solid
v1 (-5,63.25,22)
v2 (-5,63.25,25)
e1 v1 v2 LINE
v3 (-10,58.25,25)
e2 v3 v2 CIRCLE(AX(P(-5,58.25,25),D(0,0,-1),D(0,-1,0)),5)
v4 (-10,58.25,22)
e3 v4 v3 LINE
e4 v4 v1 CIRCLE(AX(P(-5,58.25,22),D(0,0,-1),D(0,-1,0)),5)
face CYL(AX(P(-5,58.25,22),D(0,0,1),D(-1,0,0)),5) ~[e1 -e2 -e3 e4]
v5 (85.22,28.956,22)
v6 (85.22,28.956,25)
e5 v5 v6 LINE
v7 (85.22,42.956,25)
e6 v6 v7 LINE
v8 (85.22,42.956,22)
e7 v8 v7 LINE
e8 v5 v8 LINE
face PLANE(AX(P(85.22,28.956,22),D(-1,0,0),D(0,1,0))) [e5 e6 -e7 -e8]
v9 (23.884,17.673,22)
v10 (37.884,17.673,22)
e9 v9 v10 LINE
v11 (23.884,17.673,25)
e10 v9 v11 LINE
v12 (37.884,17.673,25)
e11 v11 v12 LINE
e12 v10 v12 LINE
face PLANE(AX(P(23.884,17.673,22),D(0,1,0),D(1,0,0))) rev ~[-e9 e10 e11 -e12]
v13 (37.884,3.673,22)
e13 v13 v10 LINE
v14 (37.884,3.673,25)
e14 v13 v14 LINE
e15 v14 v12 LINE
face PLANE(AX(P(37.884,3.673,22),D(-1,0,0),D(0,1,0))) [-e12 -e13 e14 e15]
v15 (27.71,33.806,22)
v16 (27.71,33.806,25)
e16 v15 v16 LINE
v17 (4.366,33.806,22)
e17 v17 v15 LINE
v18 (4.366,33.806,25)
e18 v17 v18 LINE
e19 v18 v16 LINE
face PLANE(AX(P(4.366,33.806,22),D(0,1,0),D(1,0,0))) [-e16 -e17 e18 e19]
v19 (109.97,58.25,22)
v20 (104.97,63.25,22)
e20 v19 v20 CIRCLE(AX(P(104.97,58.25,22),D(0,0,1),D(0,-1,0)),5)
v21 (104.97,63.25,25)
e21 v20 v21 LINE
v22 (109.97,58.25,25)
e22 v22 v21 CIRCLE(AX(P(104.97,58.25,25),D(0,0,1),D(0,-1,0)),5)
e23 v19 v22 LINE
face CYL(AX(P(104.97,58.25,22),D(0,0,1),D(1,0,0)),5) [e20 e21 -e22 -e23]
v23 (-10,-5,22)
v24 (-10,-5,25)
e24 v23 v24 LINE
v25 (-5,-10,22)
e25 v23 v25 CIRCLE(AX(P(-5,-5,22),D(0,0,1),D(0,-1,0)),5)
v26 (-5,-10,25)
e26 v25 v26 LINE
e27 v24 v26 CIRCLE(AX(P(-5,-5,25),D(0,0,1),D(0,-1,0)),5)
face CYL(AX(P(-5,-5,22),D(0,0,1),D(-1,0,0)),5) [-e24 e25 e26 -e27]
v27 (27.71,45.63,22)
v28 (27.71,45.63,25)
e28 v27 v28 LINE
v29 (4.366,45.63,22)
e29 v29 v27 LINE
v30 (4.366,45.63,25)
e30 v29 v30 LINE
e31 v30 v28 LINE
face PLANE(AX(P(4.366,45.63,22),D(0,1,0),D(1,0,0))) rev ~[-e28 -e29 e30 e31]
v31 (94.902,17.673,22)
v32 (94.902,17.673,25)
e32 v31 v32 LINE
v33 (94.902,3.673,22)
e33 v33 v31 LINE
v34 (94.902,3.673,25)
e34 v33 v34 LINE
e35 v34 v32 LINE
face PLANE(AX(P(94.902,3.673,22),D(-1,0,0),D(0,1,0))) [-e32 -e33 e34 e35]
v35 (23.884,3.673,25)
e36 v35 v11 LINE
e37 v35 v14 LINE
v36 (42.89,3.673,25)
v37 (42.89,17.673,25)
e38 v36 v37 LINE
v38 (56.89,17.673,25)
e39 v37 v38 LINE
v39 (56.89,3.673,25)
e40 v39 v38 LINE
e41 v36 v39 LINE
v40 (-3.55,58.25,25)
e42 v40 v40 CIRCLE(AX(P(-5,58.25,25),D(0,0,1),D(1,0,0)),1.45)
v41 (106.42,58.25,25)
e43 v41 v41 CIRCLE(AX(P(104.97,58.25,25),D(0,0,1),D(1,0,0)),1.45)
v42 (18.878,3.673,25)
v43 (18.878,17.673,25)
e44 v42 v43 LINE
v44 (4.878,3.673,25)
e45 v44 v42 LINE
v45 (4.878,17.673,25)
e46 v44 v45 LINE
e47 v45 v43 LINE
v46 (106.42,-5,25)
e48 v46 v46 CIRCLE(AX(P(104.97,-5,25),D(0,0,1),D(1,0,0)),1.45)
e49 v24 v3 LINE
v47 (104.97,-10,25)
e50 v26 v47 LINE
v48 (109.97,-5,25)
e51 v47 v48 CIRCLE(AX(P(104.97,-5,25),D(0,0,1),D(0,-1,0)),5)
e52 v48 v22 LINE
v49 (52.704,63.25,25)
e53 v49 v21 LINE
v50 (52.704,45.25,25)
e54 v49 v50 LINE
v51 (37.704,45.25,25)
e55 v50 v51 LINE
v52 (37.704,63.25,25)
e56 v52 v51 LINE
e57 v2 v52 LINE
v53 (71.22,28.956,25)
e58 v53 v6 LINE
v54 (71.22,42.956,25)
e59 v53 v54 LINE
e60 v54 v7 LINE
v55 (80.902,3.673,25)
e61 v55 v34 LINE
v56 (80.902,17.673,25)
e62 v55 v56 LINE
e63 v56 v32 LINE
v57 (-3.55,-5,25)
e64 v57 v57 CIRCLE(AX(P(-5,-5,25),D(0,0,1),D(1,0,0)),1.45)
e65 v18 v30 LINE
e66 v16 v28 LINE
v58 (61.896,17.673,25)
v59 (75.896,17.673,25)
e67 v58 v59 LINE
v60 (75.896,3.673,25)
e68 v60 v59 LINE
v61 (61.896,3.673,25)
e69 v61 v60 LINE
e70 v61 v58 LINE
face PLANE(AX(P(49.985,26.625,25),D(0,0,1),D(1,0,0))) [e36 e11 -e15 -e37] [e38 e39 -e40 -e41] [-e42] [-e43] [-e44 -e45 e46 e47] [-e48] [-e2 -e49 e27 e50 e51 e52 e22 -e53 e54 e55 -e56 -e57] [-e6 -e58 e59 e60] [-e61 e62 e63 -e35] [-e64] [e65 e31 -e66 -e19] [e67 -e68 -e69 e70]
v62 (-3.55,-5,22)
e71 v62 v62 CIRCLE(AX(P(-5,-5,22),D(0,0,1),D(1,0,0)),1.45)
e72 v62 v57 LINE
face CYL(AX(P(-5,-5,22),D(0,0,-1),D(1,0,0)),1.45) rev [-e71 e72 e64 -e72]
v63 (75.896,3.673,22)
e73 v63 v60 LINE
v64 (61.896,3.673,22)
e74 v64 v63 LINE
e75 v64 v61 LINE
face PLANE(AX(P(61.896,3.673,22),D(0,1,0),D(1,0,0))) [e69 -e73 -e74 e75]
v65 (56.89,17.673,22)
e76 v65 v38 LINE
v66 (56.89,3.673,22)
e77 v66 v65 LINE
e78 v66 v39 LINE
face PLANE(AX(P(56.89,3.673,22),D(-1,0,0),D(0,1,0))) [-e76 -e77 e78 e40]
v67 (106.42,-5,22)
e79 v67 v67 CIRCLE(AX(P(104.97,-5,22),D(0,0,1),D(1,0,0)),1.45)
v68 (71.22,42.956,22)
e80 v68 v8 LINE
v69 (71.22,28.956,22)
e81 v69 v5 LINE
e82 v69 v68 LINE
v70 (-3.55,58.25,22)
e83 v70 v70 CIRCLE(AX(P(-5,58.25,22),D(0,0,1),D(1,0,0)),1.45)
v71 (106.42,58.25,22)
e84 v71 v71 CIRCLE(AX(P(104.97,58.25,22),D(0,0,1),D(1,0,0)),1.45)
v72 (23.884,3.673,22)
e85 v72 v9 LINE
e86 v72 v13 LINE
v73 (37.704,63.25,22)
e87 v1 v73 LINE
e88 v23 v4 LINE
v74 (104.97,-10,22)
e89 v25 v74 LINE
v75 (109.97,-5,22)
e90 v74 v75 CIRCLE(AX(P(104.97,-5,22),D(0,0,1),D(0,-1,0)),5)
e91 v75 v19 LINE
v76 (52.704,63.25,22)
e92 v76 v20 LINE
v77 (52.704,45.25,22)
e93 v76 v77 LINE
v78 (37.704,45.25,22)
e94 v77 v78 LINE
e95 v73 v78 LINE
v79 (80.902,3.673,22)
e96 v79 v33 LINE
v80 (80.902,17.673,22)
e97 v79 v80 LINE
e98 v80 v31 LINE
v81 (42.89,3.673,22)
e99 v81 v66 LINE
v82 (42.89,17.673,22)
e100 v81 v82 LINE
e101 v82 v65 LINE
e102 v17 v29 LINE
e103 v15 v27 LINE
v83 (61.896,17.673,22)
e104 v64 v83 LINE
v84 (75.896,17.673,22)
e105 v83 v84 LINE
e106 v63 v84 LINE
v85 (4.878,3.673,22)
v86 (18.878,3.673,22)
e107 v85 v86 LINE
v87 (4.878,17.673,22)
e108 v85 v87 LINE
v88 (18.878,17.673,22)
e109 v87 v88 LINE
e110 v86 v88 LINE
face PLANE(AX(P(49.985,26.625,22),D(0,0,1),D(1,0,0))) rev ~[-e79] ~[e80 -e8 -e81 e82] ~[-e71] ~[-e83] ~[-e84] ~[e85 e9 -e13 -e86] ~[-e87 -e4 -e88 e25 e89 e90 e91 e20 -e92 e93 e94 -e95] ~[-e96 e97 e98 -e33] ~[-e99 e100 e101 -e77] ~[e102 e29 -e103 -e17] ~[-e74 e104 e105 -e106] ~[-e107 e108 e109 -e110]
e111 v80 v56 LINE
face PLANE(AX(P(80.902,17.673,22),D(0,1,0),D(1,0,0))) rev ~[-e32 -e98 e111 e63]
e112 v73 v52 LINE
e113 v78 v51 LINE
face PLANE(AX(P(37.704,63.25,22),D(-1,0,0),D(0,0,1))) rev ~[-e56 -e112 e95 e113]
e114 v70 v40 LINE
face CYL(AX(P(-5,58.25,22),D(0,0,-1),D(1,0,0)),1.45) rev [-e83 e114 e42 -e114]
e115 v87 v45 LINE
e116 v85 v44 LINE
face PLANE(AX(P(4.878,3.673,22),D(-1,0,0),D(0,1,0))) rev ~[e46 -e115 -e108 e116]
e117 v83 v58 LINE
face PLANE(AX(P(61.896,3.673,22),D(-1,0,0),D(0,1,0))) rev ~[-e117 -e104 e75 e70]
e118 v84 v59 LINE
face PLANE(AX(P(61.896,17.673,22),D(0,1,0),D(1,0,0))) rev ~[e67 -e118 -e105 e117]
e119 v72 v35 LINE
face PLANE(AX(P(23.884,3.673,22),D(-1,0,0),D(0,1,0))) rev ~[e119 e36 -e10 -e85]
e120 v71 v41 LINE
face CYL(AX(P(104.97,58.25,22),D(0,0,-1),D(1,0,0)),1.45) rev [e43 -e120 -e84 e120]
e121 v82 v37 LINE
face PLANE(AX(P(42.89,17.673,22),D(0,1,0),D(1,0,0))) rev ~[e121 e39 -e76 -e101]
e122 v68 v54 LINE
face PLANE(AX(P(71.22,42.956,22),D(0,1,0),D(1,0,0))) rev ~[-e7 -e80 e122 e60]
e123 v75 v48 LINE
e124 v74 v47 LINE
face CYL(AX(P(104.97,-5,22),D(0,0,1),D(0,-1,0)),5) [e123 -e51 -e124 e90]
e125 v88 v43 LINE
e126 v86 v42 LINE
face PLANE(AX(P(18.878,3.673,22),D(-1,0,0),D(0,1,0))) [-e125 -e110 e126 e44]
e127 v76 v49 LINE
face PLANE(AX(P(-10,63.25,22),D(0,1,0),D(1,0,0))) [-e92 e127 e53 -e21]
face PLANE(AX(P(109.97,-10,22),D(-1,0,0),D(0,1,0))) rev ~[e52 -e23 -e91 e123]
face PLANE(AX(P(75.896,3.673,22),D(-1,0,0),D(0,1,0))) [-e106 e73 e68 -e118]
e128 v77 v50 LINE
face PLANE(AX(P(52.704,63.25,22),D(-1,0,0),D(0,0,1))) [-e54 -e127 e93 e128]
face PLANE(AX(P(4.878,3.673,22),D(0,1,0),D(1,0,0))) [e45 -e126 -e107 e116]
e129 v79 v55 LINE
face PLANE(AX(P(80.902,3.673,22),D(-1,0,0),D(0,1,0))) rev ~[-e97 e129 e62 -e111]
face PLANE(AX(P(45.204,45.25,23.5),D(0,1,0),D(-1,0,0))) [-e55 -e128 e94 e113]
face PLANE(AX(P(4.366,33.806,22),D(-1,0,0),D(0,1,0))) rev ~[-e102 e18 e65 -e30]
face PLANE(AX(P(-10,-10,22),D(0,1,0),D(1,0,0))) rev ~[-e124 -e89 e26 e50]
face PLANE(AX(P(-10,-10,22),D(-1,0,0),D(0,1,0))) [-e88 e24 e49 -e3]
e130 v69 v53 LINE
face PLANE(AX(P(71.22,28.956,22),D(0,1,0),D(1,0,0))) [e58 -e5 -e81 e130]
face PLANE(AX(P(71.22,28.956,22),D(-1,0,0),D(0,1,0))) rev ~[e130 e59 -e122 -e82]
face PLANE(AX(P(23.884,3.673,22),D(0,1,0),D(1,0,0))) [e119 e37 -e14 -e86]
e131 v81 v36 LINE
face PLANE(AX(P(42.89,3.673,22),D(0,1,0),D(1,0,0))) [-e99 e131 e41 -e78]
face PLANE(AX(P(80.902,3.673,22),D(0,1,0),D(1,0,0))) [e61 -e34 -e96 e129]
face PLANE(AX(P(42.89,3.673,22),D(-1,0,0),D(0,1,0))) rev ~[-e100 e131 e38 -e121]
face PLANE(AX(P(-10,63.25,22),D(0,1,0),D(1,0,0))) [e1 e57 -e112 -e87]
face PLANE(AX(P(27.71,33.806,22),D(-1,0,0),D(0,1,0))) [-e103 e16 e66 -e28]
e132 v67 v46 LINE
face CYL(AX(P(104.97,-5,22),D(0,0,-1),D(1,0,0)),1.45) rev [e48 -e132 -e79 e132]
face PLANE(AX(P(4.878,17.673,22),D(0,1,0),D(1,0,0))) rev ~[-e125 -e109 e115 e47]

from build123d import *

# Parameters (mm, degrees)
SKETCH003_W      = 15
SKETCH003_H      = 3
EXTRUDE003_DEPTH = 18
SKETCH002_W      = 119.97
SKETCH002_H      = 73.25
SKETCH002_R      = 1.45
SKETCH002_W_2    = 14
SKETCH002_H_2    = 14
SKETCH002_W_3    = 23.344
SKETCH002_H_3    = 11.824
EXTRUDE002_DEPTH = 3
FILLET001_R      = 5


with BuildPart() as extrude003:
    # Sketch003 (on Face4 of Extrude002) → Extrude003 (new body)
    with BuildSketch(Plane(origin=(0, 63.25, 0), x_dir=(-1, 0, 0), z_dir=(0, 1, 0))):
        with Locations((-45.204, 23.5)):
            Rectangle(SKETCH003_W, SKETCH003_H)
    extrude(amount=-EXTRUDE003_DEPTH)


with BuildPart() as fillet001:
    # Sketch002 (on Face14 of Extrude001) → Extrude002 (new body)
    with BuildSketch(Plane.XY.offset(22)):
        with Locations((49.985, 26.625)):
            Rectangle(SKETCH002_W, SKETCH002_H)
        with Locations((104.97, -5)):
            Circle(SKETCH002_R, mode=Mode.SUBTRACT)
        with Locations((104.97, 58.25)):
            Circle(SKETCH002_R, mode=Mode.SUBTRACT)
        with Locations((-5, 58.25)):
            Circle(SKETCH002_R, mode=Mode.SUBTRACT)
        with Locations((-5, -5)):
            Circle(SKETCH002_R, mode=Mode.SUBTRACT)
        with Locations((87.902, 10.673)):
            Rectangle(SKETCH002_W_2, SKETCH002_H_2, mode=Mode.SUBTRACT)
        with Locations((68.896, 10.673)):
            Rectangle(SKETCH002_W_2, SKETCH002_H_2, mode=Mode.SUBTRACT)
        with Locations((49.89, 10.673)):
            Rectangle(SKETCH002_W_2, SKETCH002_H_2, mode=Mode.SUBTRACT)
        with Locations((30.884, 10.673)):
            Rectangle(SKETCH002_W_2, SKETCH002_H_2, mode=Mode.SUBTRACT)
        with Locations((11.878, 10.673)):
            Rectangle(SKETCH002_W_2, SKETCH002_H_2, mode=Mode.SUBTRACT)
        with Locations((78.22, 35.956)):
            Rectangle(SKETCH002_W_2, SKETCH002_H_2, mode=Mode.SUBTRACT)
        with Locations((16.038, 39.718)):
            Rectangle(SKETCH002_W_3, SKETCH002_H_3, mode=Mode.SUBTRACT)
    extrude(amount=EXTRUDE002_DEPTH)

    # Cut: cut Extrude003
    add(extrude003.part, mode=Mode.SUBTRACT)

    # Fillet001
    fillet001_edges = [fillet001.edges().sort_by_distance(p)[0] for p in [
        (-10, 63.25, 23.5),
        (-10, -10, 23.5),
        (109.97, -10, 23.5),
        (109.97, 63.25, 23.5),
    ]]
    fillet(fillet001_edges, radius=FILLET001_R)


solid = fillet001.part
